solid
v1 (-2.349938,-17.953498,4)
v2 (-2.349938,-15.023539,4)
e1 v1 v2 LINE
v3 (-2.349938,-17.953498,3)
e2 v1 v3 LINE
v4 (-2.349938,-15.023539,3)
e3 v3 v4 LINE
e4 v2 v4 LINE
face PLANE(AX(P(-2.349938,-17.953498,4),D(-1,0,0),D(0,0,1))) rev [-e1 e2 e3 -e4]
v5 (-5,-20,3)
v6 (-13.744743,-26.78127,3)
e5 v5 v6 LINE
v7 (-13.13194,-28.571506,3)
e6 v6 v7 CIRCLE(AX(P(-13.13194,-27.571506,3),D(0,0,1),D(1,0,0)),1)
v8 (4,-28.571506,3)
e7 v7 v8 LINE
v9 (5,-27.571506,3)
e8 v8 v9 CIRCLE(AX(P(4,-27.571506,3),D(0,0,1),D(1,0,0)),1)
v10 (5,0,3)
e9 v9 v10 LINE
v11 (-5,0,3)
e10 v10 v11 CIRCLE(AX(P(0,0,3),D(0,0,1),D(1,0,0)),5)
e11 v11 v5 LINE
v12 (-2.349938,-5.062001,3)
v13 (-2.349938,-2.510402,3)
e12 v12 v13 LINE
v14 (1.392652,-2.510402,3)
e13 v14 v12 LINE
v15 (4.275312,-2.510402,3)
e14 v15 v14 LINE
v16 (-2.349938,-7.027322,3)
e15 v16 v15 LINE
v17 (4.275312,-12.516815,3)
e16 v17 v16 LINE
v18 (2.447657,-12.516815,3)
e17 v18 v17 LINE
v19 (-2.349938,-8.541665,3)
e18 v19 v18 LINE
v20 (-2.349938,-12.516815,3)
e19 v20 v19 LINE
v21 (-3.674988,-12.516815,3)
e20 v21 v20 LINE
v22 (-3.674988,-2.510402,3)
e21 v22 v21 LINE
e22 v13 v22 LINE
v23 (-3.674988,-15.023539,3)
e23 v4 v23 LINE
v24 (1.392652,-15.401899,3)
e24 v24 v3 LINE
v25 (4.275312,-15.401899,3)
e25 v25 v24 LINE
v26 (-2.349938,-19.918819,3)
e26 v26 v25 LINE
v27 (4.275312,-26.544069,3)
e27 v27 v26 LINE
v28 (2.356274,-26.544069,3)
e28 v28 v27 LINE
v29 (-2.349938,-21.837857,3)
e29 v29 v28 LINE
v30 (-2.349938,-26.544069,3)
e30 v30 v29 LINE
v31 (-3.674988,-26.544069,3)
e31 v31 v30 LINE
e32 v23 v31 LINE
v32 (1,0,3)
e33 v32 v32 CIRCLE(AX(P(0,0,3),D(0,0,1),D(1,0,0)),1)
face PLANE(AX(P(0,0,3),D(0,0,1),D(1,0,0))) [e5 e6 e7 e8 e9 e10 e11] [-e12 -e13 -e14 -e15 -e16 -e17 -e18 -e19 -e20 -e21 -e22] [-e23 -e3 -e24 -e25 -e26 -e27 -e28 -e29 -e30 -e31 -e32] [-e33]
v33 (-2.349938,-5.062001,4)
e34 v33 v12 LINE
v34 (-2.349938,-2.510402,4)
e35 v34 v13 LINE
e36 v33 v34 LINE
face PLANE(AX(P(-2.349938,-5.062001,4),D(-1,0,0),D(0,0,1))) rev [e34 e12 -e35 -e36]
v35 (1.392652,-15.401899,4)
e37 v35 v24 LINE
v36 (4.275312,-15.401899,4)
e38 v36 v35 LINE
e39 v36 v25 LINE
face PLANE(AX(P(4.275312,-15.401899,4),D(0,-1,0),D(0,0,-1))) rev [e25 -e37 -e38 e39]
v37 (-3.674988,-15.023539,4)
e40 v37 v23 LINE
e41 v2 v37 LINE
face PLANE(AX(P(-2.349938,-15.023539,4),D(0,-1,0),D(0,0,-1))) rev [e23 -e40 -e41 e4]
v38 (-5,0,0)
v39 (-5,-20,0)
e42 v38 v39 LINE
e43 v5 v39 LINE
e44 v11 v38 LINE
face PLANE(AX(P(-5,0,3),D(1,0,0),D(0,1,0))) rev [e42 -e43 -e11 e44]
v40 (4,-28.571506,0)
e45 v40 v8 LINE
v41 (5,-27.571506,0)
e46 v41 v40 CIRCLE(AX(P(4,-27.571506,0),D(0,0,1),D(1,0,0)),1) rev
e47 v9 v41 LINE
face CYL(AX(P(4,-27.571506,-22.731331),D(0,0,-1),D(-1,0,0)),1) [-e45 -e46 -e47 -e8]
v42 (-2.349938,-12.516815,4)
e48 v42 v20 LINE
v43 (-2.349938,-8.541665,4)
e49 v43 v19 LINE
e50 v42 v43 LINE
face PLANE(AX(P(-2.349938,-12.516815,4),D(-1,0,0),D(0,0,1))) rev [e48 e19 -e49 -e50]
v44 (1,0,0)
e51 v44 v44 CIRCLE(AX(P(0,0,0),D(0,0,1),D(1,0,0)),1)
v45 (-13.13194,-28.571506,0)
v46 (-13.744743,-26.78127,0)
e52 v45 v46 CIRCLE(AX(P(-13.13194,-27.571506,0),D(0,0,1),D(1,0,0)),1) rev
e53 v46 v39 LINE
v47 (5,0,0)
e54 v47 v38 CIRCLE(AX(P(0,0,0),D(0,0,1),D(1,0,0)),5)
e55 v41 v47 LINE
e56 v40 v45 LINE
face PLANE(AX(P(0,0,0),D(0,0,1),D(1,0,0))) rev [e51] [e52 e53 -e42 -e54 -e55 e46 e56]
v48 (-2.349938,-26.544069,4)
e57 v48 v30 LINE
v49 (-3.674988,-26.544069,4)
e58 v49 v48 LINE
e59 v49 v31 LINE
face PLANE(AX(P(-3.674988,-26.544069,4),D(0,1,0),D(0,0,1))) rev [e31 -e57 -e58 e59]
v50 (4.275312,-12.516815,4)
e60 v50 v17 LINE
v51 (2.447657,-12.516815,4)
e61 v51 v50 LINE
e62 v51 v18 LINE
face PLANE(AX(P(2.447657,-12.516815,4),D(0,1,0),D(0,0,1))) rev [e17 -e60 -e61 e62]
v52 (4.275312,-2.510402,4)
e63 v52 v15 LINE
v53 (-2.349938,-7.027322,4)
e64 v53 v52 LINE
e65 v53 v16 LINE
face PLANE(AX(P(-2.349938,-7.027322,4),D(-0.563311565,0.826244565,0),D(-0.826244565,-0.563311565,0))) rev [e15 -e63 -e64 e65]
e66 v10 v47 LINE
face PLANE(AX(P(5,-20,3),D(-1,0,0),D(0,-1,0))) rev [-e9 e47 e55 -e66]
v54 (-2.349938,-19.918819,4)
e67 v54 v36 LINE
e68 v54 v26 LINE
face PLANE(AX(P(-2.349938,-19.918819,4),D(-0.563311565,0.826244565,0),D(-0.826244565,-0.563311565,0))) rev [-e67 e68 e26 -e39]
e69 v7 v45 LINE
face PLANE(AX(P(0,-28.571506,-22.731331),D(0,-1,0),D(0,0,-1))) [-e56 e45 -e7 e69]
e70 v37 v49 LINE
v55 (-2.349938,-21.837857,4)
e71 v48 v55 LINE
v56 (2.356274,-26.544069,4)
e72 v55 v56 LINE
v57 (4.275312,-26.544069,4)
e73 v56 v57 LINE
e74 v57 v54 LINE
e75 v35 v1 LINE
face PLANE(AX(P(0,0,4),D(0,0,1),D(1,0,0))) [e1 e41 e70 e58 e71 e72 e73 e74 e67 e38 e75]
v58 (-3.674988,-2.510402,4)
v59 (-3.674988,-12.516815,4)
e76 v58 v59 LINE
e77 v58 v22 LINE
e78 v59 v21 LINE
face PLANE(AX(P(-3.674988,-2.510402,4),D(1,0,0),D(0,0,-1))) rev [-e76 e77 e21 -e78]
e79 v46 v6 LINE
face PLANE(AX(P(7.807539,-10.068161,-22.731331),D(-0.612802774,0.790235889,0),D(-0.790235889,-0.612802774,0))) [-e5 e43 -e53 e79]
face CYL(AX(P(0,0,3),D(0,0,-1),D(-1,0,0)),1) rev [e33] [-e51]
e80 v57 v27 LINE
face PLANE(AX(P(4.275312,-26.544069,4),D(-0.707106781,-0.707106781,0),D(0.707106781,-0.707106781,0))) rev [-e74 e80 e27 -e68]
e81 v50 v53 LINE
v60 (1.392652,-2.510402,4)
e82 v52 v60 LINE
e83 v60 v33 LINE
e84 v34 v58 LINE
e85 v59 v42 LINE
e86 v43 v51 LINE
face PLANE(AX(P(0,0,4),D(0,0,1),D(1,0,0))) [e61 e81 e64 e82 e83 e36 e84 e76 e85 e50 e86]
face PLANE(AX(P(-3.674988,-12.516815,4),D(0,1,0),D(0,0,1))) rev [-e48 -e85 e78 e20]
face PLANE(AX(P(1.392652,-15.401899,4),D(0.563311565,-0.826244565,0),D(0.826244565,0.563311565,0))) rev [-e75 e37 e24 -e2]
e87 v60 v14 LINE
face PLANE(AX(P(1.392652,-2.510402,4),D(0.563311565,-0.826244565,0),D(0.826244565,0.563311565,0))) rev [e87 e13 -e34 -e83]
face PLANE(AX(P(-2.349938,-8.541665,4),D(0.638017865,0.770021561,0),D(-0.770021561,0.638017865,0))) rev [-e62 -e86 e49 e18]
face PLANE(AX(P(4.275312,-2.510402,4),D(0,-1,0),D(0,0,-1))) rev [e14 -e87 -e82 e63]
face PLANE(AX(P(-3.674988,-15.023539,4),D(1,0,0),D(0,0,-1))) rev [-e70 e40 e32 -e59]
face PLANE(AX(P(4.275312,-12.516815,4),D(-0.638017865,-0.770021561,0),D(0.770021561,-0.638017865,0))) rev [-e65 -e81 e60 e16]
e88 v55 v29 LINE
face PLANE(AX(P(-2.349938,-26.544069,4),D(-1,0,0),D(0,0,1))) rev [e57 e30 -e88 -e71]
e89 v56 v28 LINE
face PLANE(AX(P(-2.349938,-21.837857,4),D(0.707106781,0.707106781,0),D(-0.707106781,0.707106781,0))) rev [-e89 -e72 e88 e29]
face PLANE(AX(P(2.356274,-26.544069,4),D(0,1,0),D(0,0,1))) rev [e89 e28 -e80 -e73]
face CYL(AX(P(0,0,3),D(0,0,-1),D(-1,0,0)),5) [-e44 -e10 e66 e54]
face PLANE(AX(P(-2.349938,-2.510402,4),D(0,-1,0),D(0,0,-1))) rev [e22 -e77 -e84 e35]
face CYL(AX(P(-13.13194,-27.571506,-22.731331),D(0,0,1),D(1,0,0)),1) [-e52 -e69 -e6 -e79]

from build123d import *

# Parameters (mm, degrees)
SKETCH_1_R      = 1
EXTRUDE_1_DEPTH = 3
EXTRUDE_2_DEPTH = 3
FILLET_2_R      = 1
FILLET_3_R      = 1
EXTRUDE_3_DEPTH = 1


with BuildPart() as part:
    # 草图1 → 凸台-拉伸1 (new body)
    with BuildSketch(Plane.XY):
        with BuildLine():
            Line((-5, 0), (-5, -20))
            Line((-5, -20), (5, -20))
            Line((5, -20), (5, 0))
            ThreePointArc((5, 0), (0, 5), (-5, 0))
        make_face()
        Circle(SKETCH_1_R, mode=Mode.SUBTRACT)
    extrude(amount=EXTRUDE_1_DEPTH)

    # 草图2 → 凸台-拉伸2 (add)
    with BuildSketch(Plane.XY.offset(3)):
        Polygon((5, -20), (-5, -20), (-16.053330201, -28.571505672), (5, -28.571505672), align=None)
    extrude(amount=-EXTRUDE_2_DEPTH)

    # 圆角2
    fillet_2_edges = [part.edges().sort_by_distance(p)[0] for p in [
        (-16.053330201, -28.571505672, 1.5),
    ]]
    fillet(fillet_2_edges, radius=FILLET_2_R)

    # 圆角3
    fillet_3_edges = [part.edges().sort_by_distance(p)[0] for p in [
        (5, -28.571505672, 1.5),
    ]]
    fillet(fillet_3_edges, radius=FILLET_3_R)

    # 草图3 → 凸台-拉伸3 (add)
    with BuildSketch(Plane.XY.offset(3)):
        Polygon((-3.674988176, -2.510402489), (-3.674988176, -12.516814932), (-2.349938126, -12.516814932), (-2.349938126, -8.541664784), (2.447656881, -12.516814932), (4.275312121, -12.516814932), (-2.349938126, -7.02732187), (4.275312121, -2.510402489), (1.392652218, -2.510402489), (-2.349938126, -5.062001029), (-2.349938126, -2.510402489), align=None)
        Polygon((-3.674988176, -15.023538628), (-3.674988176, -26.544068904), (-2.349938126, -26.544068904), (-2.349938126, -21.837856659), (2.356274118, -26.544068904), (4.275312121, -26.544068904), (-2.349938126, -19.918818657), (4.275312121, -15.401899276), (1.392652218, -15.401899276), (-2.349938126, -17.953497816), (-2.349938126, -15.023538628), align=None)
    extrude(amount=EXTRUDE_3_DEPTH)


solid = part.part
